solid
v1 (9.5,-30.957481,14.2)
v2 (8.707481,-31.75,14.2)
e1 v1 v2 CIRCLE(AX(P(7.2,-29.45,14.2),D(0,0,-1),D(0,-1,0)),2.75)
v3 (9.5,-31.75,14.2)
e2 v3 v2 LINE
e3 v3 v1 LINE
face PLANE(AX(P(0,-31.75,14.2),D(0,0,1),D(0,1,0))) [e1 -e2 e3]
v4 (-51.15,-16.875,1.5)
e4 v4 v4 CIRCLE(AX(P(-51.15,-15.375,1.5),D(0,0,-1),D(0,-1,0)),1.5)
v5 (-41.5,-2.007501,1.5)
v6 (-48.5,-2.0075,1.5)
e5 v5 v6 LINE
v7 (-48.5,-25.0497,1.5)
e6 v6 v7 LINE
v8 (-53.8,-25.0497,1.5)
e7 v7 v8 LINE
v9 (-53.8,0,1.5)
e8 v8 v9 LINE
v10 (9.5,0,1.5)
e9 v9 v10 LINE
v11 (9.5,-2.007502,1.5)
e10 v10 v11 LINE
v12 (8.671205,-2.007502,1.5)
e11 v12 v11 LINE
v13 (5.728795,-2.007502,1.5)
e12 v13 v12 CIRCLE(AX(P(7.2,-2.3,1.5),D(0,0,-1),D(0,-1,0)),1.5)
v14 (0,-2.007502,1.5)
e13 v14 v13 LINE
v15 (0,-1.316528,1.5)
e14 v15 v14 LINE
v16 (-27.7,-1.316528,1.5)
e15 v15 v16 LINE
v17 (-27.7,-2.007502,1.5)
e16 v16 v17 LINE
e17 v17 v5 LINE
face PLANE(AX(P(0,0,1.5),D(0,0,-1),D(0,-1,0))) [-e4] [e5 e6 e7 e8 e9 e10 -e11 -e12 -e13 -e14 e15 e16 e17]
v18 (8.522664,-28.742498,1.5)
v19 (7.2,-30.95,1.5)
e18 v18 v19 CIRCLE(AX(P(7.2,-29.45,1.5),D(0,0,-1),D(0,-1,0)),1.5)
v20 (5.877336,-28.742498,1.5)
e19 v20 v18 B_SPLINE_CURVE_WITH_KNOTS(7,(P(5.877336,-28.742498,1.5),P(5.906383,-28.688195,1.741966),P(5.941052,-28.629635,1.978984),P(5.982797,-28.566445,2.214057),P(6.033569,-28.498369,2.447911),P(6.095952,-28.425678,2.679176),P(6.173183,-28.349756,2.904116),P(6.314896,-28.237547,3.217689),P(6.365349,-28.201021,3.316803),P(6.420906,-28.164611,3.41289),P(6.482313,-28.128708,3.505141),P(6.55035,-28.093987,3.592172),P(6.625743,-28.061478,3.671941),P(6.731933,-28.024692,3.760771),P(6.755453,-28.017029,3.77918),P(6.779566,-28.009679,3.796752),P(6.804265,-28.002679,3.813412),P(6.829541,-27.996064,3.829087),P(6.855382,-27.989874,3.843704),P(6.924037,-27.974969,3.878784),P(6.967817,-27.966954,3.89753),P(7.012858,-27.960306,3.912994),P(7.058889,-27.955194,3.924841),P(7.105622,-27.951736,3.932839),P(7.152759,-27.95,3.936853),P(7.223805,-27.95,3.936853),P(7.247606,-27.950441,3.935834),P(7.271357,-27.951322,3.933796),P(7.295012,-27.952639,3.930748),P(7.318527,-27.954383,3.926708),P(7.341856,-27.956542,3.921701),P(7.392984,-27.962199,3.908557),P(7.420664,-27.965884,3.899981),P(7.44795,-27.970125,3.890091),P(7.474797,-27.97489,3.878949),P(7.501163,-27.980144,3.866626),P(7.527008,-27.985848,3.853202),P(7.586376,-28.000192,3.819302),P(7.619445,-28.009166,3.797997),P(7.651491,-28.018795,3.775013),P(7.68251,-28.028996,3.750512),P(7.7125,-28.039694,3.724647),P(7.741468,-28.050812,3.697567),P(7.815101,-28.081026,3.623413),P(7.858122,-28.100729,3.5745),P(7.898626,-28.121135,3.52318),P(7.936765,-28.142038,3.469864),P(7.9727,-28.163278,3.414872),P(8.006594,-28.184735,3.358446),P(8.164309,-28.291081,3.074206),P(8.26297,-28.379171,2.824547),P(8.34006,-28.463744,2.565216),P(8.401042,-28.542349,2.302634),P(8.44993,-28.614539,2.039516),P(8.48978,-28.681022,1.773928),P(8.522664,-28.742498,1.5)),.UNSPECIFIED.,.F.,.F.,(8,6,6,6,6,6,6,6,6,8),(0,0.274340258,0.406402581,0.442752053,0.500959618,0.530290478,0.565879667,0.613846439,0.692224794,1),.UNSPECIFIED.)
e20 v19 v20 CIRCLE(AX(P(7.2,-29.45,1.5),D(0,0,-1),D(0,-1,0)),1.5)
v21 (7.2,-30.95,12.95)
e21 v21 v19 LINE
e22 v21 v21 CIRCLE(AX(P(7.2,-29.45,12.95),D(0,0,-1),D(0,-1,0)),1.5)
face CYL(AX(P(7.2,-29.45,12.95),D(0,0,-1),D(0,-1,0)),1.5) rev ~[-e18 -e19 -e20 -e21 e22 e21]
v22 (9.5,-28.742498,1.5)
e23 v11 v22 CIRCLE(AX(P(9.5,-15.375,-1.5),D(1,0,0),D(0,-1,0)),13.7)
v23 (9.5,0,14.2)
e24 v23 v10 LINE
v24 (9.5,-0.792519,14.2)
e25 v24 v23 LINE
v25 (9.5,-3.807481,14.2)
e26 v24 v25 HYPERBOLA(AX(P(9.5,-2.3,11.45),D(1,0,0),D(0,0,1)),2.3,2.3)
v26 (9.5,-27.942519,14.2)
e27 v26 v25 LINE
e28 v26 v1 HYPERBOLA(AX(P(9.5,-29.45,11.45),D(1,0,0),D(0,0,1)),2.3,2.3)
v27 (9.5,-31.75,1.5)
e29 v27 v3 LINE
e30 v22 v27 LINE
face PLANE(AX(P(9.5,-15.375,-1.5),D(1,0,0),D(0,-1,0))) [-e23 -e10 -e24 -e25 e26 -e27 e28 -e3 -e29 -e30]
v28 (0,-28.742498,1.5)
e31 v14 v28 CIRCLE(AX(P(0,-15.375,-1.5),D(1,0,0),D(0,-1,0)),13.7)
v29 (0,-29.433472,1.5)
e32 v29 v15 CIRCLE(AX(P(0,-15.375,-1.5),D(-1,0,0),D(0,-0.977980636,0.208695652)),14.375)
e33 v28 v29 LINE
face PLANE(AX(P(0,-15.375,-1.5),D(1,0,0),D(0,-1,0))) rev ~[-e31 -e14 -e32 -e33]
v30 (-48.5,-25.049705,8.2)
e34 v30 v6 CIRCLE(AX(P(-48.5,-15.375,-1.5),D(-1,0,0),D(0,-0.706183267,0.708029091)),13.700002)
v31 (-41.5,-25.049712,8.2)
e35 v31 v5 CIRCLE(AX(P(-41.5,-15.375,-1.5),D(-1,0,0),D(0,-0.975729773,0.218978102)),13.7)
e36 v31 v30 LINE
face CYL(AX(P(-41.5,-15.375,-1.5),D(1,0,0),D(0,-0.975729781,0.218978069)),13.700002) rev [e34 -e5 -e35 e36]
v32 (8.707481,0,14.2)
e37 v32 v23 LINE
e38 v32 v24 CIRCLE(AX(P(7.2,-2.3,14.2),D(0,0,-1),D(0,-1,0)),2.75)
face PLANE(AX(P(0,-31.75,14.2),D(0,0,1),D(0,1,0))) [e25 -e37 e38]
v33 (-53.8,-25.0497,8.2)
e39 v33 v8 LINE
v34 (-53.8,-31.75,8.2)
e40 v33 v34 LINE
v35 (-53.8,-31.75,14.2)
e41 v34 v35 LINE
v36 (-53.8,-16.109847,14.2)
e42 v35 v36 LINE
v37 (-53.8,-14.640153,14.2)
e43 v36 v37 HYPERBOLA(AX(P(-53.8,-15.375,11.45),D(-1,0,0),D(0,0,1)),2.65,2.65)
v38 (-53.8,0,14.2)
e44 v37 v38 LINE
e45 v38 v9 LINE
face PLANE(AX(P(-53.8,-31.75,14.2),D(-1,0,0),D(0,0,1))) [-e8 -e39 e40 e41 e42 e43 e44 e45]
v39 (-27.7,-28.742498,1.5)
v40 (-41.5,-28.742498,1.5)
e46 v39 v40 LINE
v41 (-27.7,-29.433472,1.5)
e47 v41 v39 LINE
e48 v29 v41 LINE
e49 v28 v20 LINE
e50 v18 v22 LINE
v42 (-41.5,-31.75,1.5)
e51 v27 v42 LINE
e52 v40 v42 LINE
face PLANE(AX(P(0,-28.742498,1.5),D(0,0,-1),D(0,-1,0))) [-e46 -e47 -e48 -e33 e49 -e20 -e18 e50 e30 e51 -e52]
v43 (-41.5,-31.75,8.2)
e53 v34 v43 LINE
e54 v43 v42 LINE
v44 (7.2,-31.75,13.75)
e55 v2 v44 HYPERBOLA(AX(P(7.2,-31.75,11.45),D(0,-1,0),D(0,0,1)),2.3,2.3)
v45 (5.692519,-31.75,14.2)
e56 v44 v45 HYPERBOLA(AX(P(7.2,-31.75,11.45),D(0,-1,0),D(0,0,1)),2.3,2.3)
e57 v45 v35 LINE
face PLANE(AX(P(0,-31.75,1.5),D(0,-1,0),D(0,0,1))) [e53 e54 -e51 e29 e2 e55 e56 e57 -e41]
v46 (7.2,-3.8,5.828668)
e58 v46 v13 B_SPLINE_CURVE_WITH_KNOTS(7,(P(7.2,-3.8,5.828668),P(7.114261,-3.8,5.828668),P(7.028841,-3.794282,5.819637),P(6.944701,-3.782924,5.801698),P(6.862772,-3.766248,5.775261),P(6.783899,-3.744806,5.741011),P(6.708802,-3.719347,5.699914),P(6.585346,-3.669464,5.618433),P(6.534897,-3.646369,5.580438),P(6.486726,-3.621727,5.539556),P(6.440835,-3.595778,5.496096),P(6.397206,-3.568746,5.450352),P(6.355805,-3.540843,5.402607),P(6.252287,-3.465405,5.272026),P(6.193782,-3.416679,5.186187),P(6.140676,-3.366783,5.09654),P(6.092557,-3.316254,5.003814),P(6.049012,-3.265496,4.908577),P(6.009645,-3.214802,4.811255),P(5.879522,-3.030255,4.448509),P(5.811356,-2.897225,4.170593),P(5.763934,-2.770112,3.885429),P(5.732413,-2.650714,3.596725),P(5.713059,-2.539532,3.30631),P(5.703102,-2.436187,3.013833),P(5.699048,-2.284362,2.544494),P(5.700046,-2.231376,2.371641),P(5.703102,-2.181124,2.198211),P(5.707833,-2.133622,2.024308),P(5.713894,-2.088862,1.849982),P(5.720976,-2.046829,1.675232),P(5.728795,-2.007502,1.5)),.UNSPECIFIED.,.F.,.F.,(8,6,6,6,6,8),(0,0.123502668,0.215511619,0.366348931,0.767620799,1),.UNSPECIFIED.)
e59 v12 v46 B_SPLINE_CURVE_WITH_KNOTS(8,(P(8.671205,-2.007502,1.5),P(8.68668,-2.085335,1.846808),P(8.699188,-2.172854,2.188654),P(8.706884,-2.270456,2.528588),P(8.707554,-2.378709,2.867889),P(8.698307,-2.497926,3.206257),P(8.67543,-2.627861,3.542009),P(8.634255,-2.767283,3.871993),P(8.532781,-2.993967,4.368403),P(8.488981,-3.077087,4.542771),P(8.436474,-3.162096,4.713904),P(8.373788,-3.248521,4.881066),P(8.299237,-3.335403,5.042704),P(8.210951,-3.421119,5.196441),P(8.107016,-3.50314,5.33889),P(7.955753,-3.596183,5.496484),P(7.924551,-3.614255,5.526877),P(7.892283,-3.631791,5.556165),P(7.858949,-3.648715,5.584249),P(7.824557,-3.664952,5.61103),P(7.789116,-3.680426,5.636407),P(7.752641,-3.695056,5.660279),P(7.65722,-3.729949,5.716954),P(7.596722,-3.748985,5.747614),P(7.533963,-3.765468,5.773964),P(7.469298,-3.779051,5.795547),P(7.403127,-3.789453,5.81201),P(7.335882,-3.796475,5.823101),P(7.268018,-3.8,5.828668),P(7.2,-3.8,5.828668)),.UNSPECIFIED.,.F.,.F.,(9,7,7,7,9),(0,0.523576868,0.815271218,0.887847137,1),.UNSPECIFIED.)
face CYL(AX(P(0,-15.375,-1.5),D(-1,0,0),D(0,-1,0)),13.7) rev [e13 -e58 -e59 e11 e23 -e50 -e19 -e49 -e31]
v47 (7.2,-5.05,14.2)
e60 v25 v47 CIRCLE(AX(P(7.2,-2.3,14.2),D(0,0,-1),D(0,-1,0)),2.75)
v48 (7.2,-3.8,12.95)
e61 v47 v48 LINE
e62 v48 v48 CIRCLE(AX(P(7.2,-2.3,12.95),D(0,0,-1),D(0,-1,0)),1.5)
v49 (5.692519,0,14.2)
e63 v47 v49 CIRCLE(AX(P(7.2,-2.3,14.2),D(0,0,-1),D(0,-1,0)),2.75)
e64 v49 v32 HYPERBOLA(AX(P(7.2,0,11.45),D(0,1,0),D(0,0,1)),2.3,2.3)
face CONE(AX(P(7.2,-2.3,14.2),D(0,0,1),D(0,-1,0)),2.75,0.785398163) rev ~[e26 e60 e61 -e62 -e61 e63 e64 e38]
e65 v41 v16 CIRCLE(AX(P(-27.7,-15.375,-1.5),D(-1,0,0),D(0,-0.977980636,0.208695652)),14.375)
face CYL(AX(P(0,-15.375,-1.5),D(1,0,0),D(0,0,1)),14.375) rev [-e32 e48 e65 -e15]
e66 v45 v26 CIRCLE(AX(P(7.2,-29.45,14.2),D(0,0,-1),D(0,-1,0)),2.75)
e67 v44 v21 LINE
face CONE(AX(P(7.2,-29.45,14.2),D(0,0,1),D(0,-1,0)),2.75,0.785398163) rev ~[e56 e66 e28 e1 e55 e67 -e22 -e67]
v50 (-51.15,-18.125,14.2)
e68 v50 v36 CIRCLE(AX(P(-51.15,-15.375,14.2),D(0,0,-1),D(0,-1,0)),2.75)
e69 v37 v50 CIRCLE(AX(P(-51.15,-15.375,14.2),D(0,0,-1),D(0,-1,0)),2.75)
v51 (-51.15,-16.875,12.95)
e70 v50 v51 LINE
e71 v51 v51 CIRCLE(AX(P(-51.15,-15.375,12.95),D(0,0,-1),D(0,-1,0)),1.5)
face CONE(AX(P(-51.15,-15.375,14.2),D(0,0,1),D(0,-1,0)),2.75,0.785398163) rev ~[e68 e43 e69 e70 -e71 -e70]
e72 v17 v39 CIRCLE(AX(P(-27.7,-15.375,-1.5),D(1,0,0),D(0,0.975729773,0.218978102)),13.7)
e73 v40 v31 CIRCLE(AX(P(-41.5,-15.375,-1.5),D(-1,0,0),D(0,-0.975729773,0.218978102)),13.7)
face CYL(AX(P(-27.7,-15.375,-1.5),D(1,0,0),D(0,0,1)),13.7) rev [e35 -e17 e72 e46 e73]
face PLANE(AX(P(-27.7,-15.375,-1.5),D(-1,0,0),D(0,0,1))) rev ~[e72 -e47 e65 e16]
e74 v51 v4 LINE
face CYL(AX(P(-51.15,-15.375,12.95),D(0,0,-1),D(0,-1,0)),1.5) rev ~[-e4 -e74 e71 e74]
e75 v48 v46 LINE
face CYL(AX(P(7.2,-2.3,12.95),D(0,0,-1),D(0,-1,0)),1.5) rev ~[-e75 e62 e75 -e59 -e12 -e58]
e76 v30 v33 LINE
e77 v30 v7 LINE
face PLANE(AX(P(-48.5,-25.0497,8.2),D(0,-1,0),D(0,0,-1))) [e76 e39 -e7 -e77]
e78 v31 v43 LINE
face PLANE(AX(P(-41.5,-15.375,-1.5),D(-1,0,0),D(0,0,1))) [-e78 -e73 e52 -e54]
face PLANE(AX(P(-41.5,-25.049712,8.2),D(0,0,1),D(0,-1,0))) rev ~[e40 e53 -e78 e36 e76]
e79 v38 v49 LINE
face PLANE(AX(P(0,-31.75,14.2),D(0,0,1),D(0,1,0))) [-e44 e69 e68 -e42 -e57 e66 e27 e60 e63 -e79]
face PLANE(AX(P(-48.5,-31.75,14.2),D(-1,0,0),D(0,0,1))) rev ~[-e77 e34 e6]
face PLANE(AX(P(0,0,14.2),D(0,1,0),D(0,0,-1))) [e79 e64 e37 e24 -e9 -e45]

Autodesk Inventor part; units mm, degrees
ref_plane "Work Plane1" through (0, -15.375, -1.5) normal (1, 0, 0) x (0, -1, 0)
sketch "Sketch1" plane through (0, -15.375, -1.5) normal (1, 0, 0) x (0, -1, 0)
  circle A0 centre (8, 0) radius 1.0564 projected
  circle A1 centre (-8, 0) radius 1.0564 projected
  circle A2 centre (0, 0) radius 5 projected
  circle A3 centre (0, 0) radius 13.7 projected
  line L0 (16.375, -1.5) -> (9.8735, -1.5) projected
  line L1 (16.375, -1.5) -> (16.375, 15.375) projected
  line L2 (16.375, 15.375) -> (-15.375, 15.375) projected
  line L3 (-15.375, 15.375) -> (-15.375, -1.5) projected
  line L4 (-15.375, -1.5) -> (-9.8735, -1.5) projected
  arc A4 (-6.7025, 2.019) -> (-9.8735, -1.5) centre (-8, 0) ccw projected
  arc A5 (6.7025, 2.019) -> (-6.7025, 2.019) centre (0, 0) ccw projected
  arc A6 (9.8735, -1.5) -> (6.7025, 2.019) centre (8, 0) ccw projected
  line L5 (16.375, -15.7) -> (-15.375, -15.7)
  line L6 (-15.375, -15.7) -> (-15.375, -3)
  line L7 (-15.375, -3) -> (16.375, -3)
  line L8 (16.375, -3) -> (16.375, -15.7)
  point P0 (0, -13.7)
  point P1 (13.3675, -3)
  point P2 (-13.3675, -3)
  dimension "d0" = 1.5
  dimension "d1" = 2
ref_plane "Work Plane2" through (9.5, -31.75, -16.875) normal (1, 0, 0) x (0, 1, 0)
extrude "Extrusion1" add sketch "Sketch1" along normal up to surface (9.5 mm away) contours A3 L7 L8 L5 L6
sketch "Sketch2" plane through (0, -15.375, -1.5) normal (-1, 0, 0) x (0, 0, 1)
  circle A0 centre (0, 0) radius 14.375 projected
  line L0 (15.7, 15.375) -> (15.7, -16.375) projected
  line L1 (3, 15.375) -> (15.7, 15.375) projected
  line L2 (3, 13.3675) -> (3, 15.375) projected
  arc A1 (3, -13.3675) -> (3, 13.3675) centre (0, 0) ccw projected
  line L3 (3, -16.375) -> (3, -13.3675) projected
  line L4 (15.7, -16.375) -> (3, -16.375) projected
  point P0 (1.5, 15.375)
  point P1 (3, 14.0585)
  point P2 (3, -14.0585)
ref_plane "Work Plane3" through (-27.7, -29.75, -15.875) normal (-1, 0, 0) x (0, 0, 1)
extrude "Extrusion2" add sketch "Sketch2" along normal up to surface (27.7 mm away) contours A0 L2 L1 L0 L4 L3
sketch "Sketch3" plane through (-27.7, -15.375, -1.5) normal (-1, 0, 0) x (0, 0, 1)
  line L0 (-1.5, 11) -> (-1.5, 11.5) projected
  line L1 (-1.5, 11.5) -> (1.5, 11.5) projected
  line L2 (1.5, 11.5) -> (1.5, 11) projected
  line L3 (1.5, 11) -> (-1.5, 11) projected
  line L4 (1.5, -11.5) -> (1.5, -12) projected
  line L5 (1.5, -12) -> (-1.5, -12) projected
  line L6 (-1.5, -12) -> (-1.5, -11.5) projected
  line L7 (-1.5, -11.5) -> (1.5, -11.5) projected
  circle A0 centre (0, 0) radius 5 projected
  circle A1 centre (0, 0) radius 13.7 projected
  line L8 (15.7, -16.375) -> (3, -16.375) projected
  line L9 (15.7, 15.375) -> (15.7, -16.375) projected
  line L10 (3, 15.375) -> (15.7, 15.375) projected
  line L11 (3, 14.0585) -> (3, 15.375) projected
  arc A2 (3, -14.0585) -> (3, 14.0585) centre (0, 0) ccw projected
  line L12 (3, -16.375) -> (3, -14.0585) projected
  circle A3 centre (0, 0) radius 14.375 projected
  circle A4 centre (0, 0) radius 13.7 projected
  line L13 (15.7, 15.375) -> (3, 15.375) projected
  line L14 (15.7, 15.375) -> (3, 15.375)
  line L15 (3, 15.375) -> (3, -16.375)
  line L16 (3, -16.375) -> (15.7, -16.375)
  line L17 (15.7, -16.375) -> (15.7, 15.375)
  point P0 (1.5, 15.375)
  point P1 (3, -13.3675)
  point P2 (3, -14.0585)
  point P3 (3, 13.3675)
ref_plane "Work Plane4" through (-41.5, -31.75, -7.5) normal (-1, 0, 0) x (0, 0, 1)
extrude "Extrusion3" add sketch "Sketch3" along normal up to surface (13.8 mm away) contours L15 A2 A1 | L11 L10 L9 L8 L12 A2
sketch "Sketch4" plane through (-41.5, -15.375, -1.5) normal (-1, 0, 0) x (0, 0, 1)
  arc A0 (3, -13.3675) -> (3, 13.3675) centre (0, 0) ccw projected
  line L0 (3, -16.375) -> (3, -13.3675) projected
  line L1 (15.7, -16.375) -> (3, -16.375) projected
  line L2 (15.7, 15.375) -> (15.7, -16.375) projected
  line L3 (3, 15.375) -> (15.7, 15.375) projected
  line L4 (3, 13.3675) -> (3, 15.375) projected
  line L5 (15.7, 15.375) -> (3, 15.375) projected
  line L6 (3, -16.375) -> (15.7, -16.375) projected
  line L7 (15.7, 15.375) -> (9.7, 15.375)
  line L8 (9.7, 15.375) -> (9.7, -16.375)
  line L9 (9.7, -16.375) -> (15.7, -16.375)
  line L10 (15.7, -16.375) -> (15.7, 15.375)
  point P0 (1.5, 15.375)
  point P1 (9.7, -9.6747)
  point P2 (9.7, -16.375)
  dimension "d8" = 6
ref_plane "Work Plane5" through (-48.5, -20.375, -7.5) normal (1, 0, 0) x (0, 1, 0)
extrude "Extrusion4" add sketch "Sketch4" along normal up to surface (7 mm away) contours A0 L8 L3 L2 L1 | A0 L4 L3 L8
sketch "Sketch5" plane through (-48.5, -31.75, 14.2) normal (-1, 0, 0) x (0, 0, 1)
  line L0 (-12.7, 31.75) -> (-12.7, 29.7425) projected
  arc A0 (-6, 6.7003) -> (-12.7, 29.7425) centre (-15.7, 16.375) ccw projected
  line L1 (-6, 6.7003) -> (-6, 0) projected
  line L2 (-6, 0) -> (0, 0) projected
  line L3 (0, 0) -> (0, 31.75) projected
  line L4 (0, 31.75) -> (-12.7, 31.75) projected
  line L5 (-6, 0) -> (-6, 6.7003) projected
  arc A1 (-12.7, 3.0075) -> (-6, 6.7003) centre (-15.7, 16.375) ccw projected
  line L6 (-12.7, 0) -> (-12.7, 3.0075) projected
  line L7 (-6, 0) -> (-12.7, 0) projected
  line L8 (0, 0) -> (0, 31.75) projected
  line L9 (-12.7, 0) -> (0, 0) projected
  line L10 (0, 31.75) -> (-12.7, 31.75)
  line L11 (-12.7, 31.75) -> (-12.7, 0)
  line L12 (-12.7, 0) -> (0, 0)
  line L13 (0, 0) -> (0, 31.75)
  line L14 (-6, 6.7003) -> (-12.7, 6.7003)
  point P0 (-14.2, 31.75)
  point P1 (-6, 6.7003)
ref_plane "Work Plane6" through (-53.8, -31.75, -16.875) normal (-1, 0, 0) x (0, 0, 1)
extrude "Extrusion5" add sketch "Sketch5" along normal up to surface (5.3 mm away) contours L4 L3 L2 L1 A0 L0 | A0 L14 L11
sketch "Sketch6" plane through (9.5, -31.75, 14.2) normal (0, 0, 1) x (1, 0, 0)
  circle A0 centre (-2.3, 29.45) radius 1.55 projected
  circle A1 centre (-2.3, 2.3) radius 1.55 projected
  circle A2 centre (-60.65, 16.375) radius 1.55 projected
  point P0 (-9.5, 31.75)
hole "Hole1" at (7.2, -2.3, 14.2) at (7.2, -29.45, 14.2) at (-51.15, -15.375, 14.2) direction (0, 0, -1) diameter 3 depth 14.5 countersink diameter 5.5 countersink angle 90 clearance for "Countersunk Flat Head Screw ISO 2009/7046" size "M2.5" standard "ISO"
properties part number "right_motor_ceil"
